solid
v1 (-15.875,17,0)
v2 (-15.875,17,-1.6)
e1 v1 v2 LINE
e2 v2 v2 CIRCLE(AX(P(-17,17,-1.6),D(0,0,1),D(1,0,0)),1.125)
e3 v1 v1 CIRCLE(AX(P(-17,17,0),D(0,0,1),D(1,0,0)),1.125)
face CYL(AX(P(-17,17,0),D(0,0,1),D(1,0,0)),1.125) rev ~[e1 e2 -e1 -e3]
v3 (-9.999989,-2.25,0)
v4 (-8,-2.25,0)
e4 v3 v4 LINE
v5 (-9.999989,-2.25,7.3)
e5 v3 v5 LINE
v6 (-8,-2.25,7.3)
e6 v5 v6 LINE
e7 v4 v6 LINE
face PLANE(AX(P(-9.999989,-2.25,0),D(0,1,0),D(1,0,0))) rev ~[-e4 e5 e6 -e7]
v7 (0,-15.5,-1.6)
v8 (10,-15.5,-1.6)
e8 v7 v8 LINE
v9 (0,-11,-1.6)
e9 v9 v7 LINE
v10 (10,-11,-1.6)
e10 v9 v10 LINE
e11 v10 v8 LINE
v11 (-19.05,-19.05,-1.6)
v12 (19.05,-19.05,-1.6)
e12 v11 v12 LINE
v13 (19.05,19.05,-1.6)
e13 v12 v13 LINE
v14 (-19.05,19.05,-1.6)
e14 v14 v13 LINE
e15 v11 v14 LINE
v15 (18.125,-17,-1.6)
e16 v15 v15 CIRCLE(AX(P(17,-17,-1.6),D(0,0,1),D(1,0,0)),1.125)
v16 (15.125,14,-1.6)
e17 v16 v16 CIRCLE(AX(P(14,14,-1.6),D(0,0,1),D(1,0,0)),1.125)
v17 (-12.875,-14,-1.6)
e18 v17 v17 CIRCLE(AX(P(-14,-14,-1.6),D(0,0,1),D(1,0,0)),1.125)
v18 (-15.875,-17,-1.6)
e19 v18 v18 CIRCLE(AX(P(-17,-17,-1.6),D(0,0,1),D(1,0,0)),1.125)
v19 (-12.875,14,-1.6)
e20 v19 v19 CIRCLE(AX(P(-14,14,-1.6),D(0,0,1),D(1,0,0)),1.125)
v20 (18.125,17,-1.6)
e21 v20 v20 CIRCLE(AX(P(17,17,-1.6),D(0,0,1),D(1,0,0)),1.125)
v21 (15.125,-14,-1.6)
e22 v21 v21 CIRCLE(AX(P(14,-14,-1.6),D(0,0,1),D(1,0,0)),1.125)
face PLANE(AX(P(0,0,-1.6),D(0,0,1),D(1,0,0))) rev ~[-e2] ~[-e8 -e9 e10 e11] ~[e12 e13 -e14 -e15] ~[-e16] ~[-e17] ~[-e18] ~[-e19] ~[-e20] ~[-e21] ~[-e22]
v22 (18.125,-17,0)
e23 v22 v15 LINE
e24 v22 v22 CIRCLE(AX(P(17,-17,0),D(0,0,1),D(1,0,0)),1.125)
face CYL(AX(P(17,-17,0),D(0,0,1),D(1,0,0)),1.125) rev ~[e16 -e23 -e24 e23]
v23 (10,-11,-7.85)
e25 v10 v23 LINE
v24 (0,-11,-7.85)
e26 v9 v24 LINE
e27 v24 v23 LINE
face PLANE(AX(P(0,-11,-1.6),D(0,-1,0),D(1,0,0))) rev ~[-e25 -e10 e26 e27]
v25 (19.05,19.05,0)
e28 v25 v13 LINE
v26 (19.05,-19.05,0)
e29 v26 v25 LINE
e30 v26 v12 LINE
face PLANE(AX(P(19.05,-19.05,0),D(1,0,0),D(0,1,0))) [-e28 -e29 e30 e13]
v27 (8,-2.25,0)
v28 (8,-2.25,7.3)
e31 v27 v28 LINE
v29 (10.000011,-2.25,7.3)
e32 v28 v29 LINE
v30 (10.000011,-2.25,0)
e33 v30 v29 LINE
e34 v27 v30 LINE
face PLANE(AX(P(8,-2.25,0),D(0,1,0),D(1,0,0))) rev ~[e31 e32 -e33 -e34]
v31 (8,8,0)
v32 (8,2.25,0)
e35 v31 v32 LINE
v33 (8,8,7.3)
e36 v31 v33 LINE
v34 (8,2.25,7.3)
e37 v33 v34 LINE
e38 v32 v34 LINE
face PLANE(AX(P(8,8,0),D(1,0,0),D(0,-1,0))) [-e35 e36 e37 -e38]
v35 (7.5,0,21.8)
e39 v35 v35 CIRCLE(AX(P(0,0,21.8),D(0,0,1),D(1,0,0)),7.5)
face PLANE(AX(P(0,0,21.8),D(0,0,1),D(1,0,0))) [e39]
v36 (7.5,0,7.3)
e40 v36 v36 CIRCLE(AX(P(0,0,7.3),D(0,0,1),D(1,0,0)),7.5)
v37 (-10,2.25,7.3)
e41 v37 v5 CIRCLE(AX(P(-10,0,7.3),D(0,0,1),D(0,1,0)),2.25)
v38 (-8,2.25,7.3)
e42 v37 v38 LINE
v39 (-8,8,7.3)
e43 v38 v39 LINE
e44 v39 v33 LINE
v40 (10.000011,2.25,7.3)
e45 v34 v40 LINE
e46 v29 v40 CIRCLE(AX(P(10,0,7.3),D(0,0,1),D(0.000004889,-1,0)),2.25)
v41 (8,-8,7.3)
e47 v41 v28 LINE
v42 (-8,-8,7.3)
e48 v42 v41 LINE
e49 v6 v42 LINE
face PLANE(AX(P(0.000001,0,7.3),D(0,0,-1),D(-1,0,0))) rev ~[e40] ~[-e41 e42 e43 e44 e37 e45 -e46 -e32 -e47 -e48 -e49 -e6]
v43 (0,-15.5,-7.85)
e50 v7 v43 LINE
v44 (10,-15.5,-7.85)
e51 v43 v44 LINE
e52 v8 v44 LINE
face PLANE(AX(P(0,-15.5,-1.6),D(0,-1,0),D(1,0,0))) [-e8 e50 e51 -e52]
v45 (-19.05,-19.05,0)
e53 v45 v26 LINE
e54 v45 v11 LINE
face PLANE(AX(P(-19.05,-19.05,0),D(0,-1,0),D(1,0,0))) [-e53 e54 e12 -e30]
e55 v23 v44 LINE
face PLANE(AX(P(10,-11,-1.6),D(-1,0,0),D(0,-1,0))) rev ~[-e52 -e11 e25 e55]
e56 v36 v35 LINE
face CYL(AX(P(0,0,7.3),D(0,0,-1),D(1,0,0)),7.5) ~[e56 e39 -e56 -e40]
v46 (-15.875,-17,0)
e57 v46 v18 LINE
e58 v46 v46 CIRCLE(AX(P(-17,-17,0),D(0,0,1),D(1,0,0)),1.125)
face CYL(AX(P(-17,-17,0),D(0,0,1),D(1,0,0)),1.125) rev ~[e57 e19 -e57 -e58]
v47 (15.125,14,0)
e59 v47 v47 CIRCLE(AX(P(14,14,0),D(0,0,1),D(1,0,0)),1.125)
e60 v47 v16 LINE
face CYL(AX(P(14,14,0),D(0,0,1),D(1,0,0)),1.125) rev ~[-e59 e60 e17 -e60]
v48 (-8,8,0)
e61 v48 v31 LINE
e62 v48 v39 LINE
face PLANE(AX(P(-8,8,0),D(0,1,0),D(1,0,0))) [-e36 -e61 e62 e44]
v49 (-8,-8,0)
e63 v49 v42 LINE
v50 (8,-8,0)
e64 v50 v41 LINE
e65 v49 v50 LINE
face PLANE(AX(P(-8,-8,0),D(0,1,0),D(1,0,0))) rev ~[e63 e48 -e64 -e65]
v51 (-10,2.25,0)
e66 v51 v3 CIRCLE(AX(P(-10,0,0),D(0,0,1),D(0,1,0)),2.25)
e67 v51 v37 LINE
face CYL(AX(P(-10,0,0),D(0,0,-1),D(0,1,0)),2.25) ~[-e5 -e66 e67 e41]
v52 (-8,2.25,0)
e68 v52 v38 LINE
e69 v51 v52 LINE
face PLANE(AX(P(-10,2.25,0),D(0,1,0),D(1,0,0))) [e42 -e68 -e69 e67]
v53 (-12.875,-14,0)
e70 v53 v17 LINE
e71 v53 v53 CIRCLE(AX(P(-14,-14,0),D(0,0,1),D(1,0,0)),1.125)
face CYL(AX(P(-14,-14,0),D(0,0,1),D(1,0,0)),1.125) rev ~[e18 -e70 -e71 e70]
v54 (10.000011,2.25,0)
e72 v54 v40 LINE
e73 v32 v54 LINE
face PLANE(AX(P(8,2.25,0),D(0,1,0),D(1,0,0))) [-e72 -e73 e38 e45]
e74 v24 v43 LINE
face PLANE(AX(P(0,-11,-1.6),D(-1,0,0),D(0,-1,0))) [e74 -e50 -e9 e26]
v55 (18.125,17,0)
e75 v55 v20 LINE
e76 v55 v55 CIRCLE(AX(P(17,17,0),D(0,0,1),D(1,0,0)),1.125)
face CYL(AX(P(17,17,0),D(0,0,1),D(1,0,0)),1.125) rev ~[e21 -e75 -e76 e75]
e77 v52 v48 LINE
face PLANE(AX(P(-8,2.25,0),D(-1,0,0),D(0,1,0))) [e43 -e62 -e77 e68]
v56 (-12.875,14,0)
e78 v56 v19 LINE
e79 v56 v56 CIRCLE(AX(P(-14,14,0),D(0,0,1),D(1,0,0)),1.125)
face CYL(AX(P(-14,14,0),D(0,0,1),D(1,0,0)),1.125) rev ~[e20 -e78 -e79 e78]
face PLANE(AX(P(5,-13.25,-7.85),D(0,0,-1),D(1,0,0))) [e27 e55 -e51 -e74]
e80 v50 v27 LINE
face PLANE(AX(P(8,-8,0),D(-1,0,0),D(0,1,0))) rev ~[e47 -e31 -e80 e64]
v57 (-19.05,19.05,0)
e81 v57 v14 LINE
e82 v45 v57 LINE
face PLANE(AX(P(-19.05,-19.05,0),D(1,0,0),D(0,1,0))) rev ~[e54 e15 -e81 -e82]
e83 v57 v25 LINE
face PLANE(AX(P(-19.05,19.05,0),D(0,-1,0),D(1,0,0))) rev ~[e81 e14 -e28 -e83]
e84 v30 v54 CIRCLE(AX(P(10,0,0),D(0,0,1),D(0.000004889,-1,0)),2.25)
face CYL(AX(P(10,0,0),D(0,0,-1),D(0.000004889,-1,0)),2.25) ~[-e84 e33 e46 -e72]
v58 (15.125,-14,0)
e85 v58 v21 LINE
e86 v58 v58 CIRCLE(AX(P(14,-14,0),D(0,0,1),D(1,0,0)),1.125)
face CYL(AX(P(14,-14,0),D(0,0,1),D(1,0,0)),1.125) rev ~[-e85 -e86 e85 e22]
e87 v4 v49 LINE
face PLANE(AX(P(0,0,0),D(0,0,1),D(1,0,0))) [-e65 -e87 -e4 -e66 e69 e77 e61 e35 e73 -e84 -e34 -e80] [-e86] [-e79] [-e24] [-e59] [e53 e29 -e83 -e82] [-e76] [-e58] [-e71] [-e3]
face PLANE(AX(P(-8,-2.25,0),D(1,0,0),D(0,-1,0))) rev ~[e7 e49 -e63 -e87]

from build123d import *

# Parameters (mm, degrees)
SKETCH_W     = 38.1
SKETCH_H     = 38.1
SKETCH_R     = 1.125
PAD_DEPTH    = 1.6
PAD001_DEPTH = 7.3
SKETCH002_R  = 7.5
PAD002_DEPTH = 14.5
SKETCH003_W  = 10
SKETCH003_H  = 4.5
PAD003_DEPTH = 6.25


with BuildPart() as part:
    # Sketch → Pad (new body)
    with BuildSketch(Plane.XY):
        Rectangle(SKETCH_W, SKETCH_H)
        with Locations((-14, 14)):
            Circle(SKETCH_R, mode=Mode.SUBTRACT)
        with Locations((14, 14)):
            Circle(SKETCH_R, mode=Mode.SUBTRACT)
        with Locations((14, -14)):
            Circle(SKETCH_R, mode=Mode.SUBTRACT)
        with Locations((-14, -14)):
            Circle(SKETCH_R, mode=Mode.SUBTRACT)
        with Locations((-17, 17)):
            Circle(SKETCH_R, mode=Mode.SUBTRACT)
        with Locations((17, 17)):
            Circle(SKETCH_R, mode=Mode.SUBTRACT)
        with Locations((17, -17)):
            Circle(SKETCH_R, mode=Mode.SUBTRACT)
        with Locations((-17, -17)):
            Circle(SKETCH_R, mode=Mode.SUBTRACT)
    extrude(amount=-PAD_DEPTH)

    # Sketch001 → Pad001 (join)
    with BuildSketch(Plane.XY):
        with BuildLine():
            Line((-8, 2.25), (-8, 8))
            Line((-8, 8), (8, 8))
            Line((8, 8), (8, 2.25))
            Line((8, 2.25), (10.000011, 2.25))
            ThreePointArc((10.000011, -2.25), (12.25, 0), (10.000011, 2.25))
            Line((8, -2.25), (10.000011, -2.25))
            Line((8, -8), (8, -2.25))
            Line((-8, -8), (8, -8))
            Line((-8, -2.25), (-8, -8))
            Line((-9.999989, -2.25), (-8, -2.25))
            ThreePointArc((-10, 2.25), (-12.25, -6e-06), (-9.999989, -2.25))
            Line((-10, 2.25), (-8, 2.25))
        make_face()
    extrude(amount=PAD001_DEPTH)

    # Sketch002 (on DatumPlane) → Pad002 (join)
    with BuildSketch(Plane.XY.offset(7.3)):
        Circle(SKETCH002_R)
    extrude(amount=PAD002_DEPTH)

    # Sketch003 (on DatumPlane) → Pad003 (join)
    with BuildSketch(Plane(origin=(0, 0, -1.6), x_dir=(1, 0, 0), z_dir=(0, 0, -1))):
        with Locations((5, 13.25)):
            Rectangle(SKETCH003_W, SKETCH003_H)
    extrude(amount=PAD003_DEPTH)


solid = part.part
